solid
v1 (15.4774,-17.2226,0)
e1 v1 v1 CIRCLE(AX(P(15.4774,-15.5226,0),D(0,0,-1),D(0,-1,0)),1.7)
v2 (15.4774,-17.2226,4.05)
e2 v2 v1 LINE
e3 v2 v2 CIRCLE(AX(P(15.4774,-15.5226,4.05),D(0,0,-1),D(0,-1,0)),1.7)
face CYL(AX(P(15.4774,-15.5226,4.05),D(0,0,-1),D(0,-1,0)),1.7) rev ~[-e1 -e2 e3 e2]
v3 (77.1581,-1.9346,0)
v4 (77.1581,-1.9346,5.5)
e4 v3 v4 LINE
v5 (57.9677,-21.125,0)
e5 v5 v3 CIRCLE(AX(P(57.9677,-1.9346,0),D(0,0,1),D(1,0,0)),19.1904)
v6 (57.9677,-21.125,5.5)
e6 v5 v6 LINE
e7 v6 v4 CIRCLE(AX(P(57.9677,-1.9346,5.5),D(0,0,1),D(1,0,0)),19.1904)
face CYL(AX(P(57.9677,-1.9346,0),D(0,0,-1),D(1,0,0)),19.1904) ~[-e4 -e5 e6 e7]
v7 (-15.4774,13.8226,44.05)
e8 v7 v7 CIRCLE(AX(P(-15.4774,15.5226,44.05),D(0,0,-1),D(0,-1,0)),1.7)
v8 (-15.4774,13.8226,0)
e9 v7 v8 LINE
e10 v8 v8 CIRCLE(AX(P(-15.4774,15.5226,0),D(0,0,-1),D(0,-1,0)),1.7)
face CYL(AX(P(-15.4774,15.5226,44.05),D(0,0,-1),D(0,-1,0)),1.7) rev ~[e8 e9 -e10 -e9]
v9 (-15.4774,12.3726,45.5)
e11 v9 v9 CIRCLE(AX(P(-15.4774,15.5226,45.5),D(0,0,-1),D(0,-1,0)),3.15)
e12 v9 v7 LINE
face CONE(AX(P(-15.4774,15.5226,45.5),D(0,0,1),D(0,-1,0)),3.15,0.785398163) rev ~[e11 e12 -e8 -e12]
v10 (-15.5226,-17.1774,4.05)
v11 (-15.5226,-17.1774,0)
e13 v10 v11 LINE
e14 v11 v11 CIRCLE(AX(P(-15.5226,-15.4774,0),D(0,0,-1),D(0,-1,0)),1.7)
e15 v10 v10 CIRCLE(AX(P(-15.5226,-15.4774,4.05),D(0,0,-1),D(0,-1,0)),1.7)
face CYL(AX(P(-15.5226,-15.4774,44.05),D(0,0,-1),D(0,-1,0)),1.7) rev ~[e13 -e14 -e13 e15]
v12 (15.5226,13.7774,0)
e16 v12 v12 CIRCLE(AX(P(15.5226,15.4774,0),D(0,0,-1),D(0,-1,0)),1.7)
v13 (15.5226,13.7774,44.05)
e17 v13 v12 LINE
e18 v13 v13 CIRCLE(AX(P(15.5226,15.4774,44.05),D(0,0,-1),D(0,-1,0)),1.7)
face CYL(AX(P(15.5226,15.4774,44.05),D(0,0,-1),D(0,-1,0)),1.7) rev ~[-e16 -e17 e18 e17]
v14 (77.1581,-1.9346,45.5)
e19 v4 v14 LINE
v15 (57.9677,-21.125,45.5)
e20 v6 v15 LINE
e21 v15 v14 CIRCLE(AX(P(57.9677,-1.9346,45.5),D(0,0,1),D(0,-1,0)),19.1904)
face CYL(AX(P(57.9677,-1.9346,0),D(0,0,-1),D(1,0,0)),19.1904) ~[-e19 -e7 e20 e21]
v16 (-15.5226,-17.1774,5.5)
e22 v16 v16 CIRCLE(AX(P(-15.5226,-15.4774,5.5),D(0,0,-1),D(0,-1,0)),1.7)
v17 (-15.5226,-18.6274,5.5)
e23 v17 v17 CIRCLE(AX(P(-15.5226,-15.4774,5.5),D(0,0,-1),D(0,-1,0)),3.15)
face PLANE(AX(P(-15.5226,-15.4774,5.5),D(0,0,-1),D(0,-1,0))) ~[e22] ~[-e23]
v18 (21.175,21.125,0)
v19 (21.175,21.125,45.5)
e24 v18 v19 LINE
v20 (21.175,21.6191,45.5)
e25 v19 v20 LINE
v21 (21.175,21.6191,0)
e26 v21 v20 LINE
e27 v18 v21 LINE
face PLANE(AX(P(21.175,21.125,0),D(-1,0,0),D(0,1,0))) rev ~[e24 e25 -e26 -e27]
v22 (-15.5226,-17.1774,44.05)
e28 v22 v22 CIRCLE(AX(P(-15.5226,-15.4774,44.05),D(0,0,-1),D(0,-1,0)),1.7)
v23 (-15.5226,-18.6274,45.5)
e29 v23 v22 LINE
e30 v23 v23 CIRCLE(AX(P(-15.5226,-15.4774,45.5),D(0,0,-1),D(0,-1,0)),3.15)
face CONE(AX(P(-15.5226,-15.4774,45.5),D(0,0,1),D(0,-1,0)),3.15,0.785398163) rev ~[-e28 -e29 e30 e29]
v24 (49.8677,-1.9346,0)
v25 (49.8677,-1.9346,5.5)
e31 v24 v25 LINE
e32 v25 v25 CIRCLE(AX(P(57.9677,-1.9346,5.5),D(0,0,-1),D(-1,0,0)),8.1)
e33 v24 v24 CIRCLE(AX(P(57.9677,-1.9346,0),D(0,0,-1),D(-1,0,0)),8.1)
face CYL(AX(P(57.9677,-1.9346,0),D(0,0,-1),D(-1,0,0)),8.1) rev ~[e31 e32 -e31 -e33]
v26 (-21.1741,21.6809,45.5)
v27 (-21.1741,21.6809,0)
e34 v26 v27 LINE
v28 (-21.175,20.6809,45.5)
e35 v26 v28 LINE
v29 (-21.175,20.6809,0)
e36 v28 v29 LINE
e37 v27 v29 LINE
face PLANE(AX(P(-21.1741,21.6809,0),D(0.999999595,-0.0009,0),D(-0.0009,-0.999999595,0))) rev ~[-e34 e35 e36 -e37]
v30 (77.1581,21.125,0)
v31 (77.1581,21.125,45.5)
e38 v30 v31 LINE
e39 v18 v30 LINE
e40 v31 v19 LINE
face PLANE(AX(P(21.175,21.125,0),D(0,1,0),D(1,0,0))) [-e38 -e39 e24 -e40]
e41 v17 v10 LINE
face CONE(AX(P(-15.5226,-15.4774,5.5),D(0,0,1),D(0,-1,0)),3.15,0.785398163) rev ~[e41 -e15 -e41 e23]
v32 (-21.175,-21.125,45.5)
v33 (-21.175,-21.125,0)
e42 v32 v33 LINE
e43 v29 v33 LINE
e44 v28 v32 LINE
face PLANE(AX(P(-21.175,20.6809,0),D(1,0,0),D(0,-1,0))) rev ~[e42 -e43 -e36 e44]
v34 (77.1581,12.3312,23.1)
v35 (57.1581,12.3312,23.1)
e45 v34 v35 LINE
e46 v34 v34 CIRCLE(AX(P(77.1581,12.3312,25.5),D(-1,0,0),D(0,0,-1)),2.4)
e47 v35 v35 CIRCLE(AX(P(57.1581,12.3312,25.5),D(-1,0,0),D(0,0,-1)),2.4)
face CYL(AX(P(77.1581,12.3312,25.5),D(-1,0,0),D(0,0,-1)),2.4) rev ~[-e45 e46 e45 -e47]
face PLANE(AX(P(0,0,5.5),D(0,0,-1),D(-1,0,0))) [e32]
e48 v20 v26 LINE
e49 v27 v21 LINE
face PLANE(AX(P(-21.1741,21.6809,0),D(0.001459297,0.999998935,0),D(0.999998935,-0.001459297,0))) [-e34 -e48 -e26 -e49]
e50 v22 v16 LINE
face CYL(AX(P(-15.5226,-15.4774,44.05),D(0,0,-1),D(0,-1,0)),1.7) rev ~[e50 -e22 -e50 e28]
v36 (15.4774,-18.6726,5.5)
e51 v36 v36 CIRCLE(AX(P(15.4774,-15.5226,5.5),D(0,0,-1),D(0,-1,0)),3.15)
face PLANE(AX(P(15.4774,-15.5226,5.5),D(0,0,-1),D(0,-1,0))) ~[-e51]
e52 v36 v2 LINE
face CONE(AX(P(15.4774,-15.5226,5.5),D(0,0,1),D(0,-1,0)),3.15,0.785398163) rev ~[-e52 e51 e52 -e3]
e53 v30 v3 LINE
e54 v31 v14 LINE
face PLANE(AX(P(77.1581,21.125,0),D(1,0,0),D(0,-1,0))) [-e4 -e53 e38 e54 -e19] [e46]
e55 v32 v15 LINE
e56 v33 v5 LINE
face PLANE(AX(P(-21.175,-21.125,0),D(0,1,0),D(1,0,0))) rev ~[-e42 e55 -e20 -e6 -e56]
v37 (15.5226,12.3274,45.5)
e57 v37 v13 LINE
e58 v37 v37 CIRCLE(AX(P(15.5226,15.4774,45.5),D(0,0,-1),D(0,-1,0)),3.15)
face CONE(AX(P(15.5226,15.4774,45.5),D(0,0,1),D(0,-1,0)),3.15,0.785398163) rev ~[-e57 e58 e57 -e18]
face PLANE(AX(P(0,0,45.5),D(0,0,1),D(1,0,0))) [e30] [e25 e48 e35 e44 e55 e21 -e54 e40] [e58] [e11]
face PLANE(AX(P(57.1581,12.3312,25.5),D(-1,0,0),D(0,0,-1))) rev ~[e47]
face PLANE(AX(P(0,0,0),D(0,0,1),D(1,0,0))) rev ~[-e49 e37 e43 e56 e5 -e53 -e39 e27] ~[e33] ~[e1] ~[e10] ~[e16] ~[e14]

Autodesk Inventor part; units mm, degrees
ref_plane "YZ Plane" through (0, 0, 0) normal (1, 0, 0) x (0, 1, 0)
ref_plane "XZ Plane" through (0, 0, 0) normal (0, 1, 0) x (-1, 0, 0)
sketch "Sketch1" plane through (0, 0, 0) normal (0, 0, 1) x (1, 0, 0)
  arc A0 (14.1427, -15.2387) -> (13.4175, -14.0632) centre (13.1646, -15.0307) ccw projected
  line L0 (13.4175, -14.0632) -> (9.4746, -13.0327) projected
  arc A1 (9.4746, -13.0327) -> (0.5427, -12.0878) centre (1.8884, -42.0576) ccw projected
  arc A2 (1.3475, 12.0247) -> (0.5427, -12.0878) centre (0, 0) ccw projected
  arc A3 (1.3475, 12.0247) -> (10.3225, 12.3719) centre (4.6883, 41.8381) ccw projected
  line L1 (10.3225, 12.3719) -> (21.175, 14.447) projected
  line L2 (21.175, 14.447) -> (21.175, 21.6191) projected
  line L3 (-21.175, 20.6809) -> (-21.175, -21.125) projected
  line L4 (-21.175, -21.125) -> (21.175, -21.125) projected
  line L5 (21.175, -21.125) -> (21.175, -16.0908) projected
  line L6 (21.175, -16.0908) -> (17.9879, -15.2578) projected
  arc A4 (17.9879, -15.2578) -> (16.7802, -15.9281) centre (17.735, -16.2253) ccw projected
  arc A5 (14.1427, -15.2387) -> (16.7802, -15.9281) centre (15.4774, -15.5226) ccw projected
  circle A6 centre (-15.4774, 15.5226) radius 1.3645 projected
  circle A7 centre (-15.5226, -15.4774) radius 1.3645 projected
  circle A8 centre (15.5226, 15.4774) radius 1.3645 projected
  circle A9 centre (57.9677, -1.9346) radius 4.2 projected
  circle A10 centre (57.9677, -1.9346) radius 19.1904
  line L7 (21.175, -21.125) -> (57.9677, -21.125)
  line L8 (21.175, 21.125) -> (77.1581, 21.125)
  line L9 (77.1581, 21.125) -> (77.1581, -1.9346)
  line L10 (-21.1741, 21.6809) -> (21.175, 21.6191) projected
  line L11 (-21.1741, 21.6809) -> (-21.1756, 20.6809) projected
  line L12 (-21.175, 20.6809) -> (-21.1756, 20.6809) projected
  point P0 (0, 0)
  point P1 (-21.175, 21.125)
extrude "Extrusion1" add sketch "Sketch1" along normal blind 5.5
sketch "Sketch2" plane through (0, 0, 5.5) normal (0, 0, 1) x (1, 0, 0)
  line L0 (77.1581, -1.9346) -> (77.1581, 21.125) projected
  line L1 (-21.175, 20.6809) -> (-21.175, -21.125) projected
  line L2 (-21.175, -21.125) -> (57.9677, -21.125) projected
  arc A0 (57.9677, -21.125) -> (77.1581, -1.9346) centre (57.9677, -1.9346) ccw projected
  circle A1 centre (15.5226, 15.4774) radius 1.3645 projected
  circle A2 centre (-15.5226, -15.4774) radius 1.3645 projected
  circle A3 centre (-15.4774, 15.5226) radius 1.3645 projected
  circle A4 centre (57.9677, -1.9346) radius 4.2 projected
  line L3 (110.8694, -1.8119) -> (-349.1301, -1.1403) projected
  line L4 (110.8699, -1.5119) -> (-349.1296, -0.8403)
  line L5 (21.175, 21.6191) -> (-21.1741, 21.6809) projected
  line L6 (-21.1741, 21.6809) -> (-21.1756, 20.6809) projected
  line L7 (-21.1756, 20.6809) -> (-21.175, 20.6809) projected
  line L8 (77.1581, 21.125) -> (21.175, 21.125) projected
  line L9 (21.175, 21.125) -> (21.175, 21.6191) projected
  point P0 (0, 0)
  point P1 (-21.175, -1.3191)
  point P2 (77.1581, -1.4626)
  dimension "d2" = 0.3
ref_plane "Work Plane1" through (-349.1377, -7.0016, 45.5) normal (0, 0, 1) x (1, -0.0015, 0)
extrude "Extrusion2" add sketch "Sketch2" along normal up to surface (40 mm away) contours A0 L2 L1 L3 A4 L0 | L3 A4 L4 L0 | L4 A4 L1 L6 L5 L9 L8 L0 | L3 A4 L4 | A4 L3 | L4 A4 | L3 L1 L4 A4 | A2
sketch "Sketch3" plane through (-21.175, 26.125, 0) normal (0, 1, 0) x (1, 0, 0)
  line L0 (-327.9643, -38.4057) -> (-327.9643, -32.5943) projected
  line L1 (132.0352, -38.4057) -> (-327.9643, -38.4057) projected
  line L2 (132.0352, -38.4057) -> (132.0352, -32.5943) projected
  line L3 (132.0352, -32.5943) -> (-327.9643, -32.5943) projected
  line L4 (-327.9643, -18.4057) -> (-327.9643, -12.5943) projected
  line L5 (132.0352, -18.4057) -> (-327.9643, -18.4057) projected
  line L6 (132.0352, -18.4057) -> (132.0352, -12.5943) projected
  line L7 (132.0352, -12.5943) -> (-327.9643, -12.5943) projected
  line L8 (98.3331, 0) -> (98.3331, -45.5) projected
  line L9 (0, 0) -> (0, -45.5) projected
  point P0 (21.175, 0)
  point P1 (83.3331, -35.5)
  point P2 (83.3331, -35.5)
  point P3 (15, -15.5)
  point P4 (83.3331, -15.5)
  point P5 (15, -35.5)
  dimension "d8" = 15
  dimension "d9" = 15
hole "Hole1" [suppressed]
sketch "Sketch4" plane through (-21.175, 26.125, 45.5) normal (0, 0, 1) x (1, 0, 0)
  circle A0 centre (36.6976, -10.6476) radius 1.3645 projected
  circle A1 centre (5.6976, -10.6024) radius 1.3645 projected
  circle A2 centre (5.6523, -41.6024) radius 1.3645 projected
  point P0 (21.175, -26.125)
hole "Hole2" at (15.5226, 15.4774, 45.5) at (-15.4774, 15.5226, 45.5) at (-15.5226, -15.4774, 45.5) direction (0, 0, -1) diameter 3.4 end through all countersink diameter 6.3 countersink angle 90 clearance for "Countersunk Flat Head Screw ISO 2009/7046" size "M3" standard "ISO"
sketch "Sketch5" plane through (0, 0, 0) normal (0, 0, -1) x (-1, 0, 0)
  arc A0 (-62.1677, -1.9346) -> (-62.1677, -1.9346) centre (-57.9677, -1.9346) ccw projected
  circle A1 centre (-57.9677, -1.9346) radius 8.1
  point P0 (0, 0)
  dimension "d24" = 16.2
extrude "Extrusion3" cut sketch "Sketch5" against normal up to surface (5.5 mm away) contours A0 | A1
sketch "Sketch6" plane through (0, 0, 5.5) normal (0, 0, 1) x (1, 0, 0)
  circle A0 centre (15.4774, -15.5226) radius 2.3806 projected
  circle A1 centre (-15.5226, -15.4774) radius 1.7 projected
  point P0 (0, 0)
hole "Hole3" at (15.4774, -15.5226, 5.5) at (-15.5226, -15.4774, 5.5) direction (0, 0, -1) diameter 3.4 end through all countersink diameter 6.3 countersink angle 90 clearance for "Countersunk Flat Head Screw ISO 2009/7046" size "M3" standard "ISO"
sketch "Sketch7" plane through (77.1581, -1.9346, 5.5) normal (1, 0, 0) x (0, 0, -1)
  circle A0 centre (-20, 14.2658) radius 4.5 projected
  point P0 (5.5, 1.9346)
hole "Hole4" at (77.1581, 12.3312, 25.5) direction (-1, 0, 0) diameter 4.8 depth 20
properties part number "PRINTED right z mount 2"
